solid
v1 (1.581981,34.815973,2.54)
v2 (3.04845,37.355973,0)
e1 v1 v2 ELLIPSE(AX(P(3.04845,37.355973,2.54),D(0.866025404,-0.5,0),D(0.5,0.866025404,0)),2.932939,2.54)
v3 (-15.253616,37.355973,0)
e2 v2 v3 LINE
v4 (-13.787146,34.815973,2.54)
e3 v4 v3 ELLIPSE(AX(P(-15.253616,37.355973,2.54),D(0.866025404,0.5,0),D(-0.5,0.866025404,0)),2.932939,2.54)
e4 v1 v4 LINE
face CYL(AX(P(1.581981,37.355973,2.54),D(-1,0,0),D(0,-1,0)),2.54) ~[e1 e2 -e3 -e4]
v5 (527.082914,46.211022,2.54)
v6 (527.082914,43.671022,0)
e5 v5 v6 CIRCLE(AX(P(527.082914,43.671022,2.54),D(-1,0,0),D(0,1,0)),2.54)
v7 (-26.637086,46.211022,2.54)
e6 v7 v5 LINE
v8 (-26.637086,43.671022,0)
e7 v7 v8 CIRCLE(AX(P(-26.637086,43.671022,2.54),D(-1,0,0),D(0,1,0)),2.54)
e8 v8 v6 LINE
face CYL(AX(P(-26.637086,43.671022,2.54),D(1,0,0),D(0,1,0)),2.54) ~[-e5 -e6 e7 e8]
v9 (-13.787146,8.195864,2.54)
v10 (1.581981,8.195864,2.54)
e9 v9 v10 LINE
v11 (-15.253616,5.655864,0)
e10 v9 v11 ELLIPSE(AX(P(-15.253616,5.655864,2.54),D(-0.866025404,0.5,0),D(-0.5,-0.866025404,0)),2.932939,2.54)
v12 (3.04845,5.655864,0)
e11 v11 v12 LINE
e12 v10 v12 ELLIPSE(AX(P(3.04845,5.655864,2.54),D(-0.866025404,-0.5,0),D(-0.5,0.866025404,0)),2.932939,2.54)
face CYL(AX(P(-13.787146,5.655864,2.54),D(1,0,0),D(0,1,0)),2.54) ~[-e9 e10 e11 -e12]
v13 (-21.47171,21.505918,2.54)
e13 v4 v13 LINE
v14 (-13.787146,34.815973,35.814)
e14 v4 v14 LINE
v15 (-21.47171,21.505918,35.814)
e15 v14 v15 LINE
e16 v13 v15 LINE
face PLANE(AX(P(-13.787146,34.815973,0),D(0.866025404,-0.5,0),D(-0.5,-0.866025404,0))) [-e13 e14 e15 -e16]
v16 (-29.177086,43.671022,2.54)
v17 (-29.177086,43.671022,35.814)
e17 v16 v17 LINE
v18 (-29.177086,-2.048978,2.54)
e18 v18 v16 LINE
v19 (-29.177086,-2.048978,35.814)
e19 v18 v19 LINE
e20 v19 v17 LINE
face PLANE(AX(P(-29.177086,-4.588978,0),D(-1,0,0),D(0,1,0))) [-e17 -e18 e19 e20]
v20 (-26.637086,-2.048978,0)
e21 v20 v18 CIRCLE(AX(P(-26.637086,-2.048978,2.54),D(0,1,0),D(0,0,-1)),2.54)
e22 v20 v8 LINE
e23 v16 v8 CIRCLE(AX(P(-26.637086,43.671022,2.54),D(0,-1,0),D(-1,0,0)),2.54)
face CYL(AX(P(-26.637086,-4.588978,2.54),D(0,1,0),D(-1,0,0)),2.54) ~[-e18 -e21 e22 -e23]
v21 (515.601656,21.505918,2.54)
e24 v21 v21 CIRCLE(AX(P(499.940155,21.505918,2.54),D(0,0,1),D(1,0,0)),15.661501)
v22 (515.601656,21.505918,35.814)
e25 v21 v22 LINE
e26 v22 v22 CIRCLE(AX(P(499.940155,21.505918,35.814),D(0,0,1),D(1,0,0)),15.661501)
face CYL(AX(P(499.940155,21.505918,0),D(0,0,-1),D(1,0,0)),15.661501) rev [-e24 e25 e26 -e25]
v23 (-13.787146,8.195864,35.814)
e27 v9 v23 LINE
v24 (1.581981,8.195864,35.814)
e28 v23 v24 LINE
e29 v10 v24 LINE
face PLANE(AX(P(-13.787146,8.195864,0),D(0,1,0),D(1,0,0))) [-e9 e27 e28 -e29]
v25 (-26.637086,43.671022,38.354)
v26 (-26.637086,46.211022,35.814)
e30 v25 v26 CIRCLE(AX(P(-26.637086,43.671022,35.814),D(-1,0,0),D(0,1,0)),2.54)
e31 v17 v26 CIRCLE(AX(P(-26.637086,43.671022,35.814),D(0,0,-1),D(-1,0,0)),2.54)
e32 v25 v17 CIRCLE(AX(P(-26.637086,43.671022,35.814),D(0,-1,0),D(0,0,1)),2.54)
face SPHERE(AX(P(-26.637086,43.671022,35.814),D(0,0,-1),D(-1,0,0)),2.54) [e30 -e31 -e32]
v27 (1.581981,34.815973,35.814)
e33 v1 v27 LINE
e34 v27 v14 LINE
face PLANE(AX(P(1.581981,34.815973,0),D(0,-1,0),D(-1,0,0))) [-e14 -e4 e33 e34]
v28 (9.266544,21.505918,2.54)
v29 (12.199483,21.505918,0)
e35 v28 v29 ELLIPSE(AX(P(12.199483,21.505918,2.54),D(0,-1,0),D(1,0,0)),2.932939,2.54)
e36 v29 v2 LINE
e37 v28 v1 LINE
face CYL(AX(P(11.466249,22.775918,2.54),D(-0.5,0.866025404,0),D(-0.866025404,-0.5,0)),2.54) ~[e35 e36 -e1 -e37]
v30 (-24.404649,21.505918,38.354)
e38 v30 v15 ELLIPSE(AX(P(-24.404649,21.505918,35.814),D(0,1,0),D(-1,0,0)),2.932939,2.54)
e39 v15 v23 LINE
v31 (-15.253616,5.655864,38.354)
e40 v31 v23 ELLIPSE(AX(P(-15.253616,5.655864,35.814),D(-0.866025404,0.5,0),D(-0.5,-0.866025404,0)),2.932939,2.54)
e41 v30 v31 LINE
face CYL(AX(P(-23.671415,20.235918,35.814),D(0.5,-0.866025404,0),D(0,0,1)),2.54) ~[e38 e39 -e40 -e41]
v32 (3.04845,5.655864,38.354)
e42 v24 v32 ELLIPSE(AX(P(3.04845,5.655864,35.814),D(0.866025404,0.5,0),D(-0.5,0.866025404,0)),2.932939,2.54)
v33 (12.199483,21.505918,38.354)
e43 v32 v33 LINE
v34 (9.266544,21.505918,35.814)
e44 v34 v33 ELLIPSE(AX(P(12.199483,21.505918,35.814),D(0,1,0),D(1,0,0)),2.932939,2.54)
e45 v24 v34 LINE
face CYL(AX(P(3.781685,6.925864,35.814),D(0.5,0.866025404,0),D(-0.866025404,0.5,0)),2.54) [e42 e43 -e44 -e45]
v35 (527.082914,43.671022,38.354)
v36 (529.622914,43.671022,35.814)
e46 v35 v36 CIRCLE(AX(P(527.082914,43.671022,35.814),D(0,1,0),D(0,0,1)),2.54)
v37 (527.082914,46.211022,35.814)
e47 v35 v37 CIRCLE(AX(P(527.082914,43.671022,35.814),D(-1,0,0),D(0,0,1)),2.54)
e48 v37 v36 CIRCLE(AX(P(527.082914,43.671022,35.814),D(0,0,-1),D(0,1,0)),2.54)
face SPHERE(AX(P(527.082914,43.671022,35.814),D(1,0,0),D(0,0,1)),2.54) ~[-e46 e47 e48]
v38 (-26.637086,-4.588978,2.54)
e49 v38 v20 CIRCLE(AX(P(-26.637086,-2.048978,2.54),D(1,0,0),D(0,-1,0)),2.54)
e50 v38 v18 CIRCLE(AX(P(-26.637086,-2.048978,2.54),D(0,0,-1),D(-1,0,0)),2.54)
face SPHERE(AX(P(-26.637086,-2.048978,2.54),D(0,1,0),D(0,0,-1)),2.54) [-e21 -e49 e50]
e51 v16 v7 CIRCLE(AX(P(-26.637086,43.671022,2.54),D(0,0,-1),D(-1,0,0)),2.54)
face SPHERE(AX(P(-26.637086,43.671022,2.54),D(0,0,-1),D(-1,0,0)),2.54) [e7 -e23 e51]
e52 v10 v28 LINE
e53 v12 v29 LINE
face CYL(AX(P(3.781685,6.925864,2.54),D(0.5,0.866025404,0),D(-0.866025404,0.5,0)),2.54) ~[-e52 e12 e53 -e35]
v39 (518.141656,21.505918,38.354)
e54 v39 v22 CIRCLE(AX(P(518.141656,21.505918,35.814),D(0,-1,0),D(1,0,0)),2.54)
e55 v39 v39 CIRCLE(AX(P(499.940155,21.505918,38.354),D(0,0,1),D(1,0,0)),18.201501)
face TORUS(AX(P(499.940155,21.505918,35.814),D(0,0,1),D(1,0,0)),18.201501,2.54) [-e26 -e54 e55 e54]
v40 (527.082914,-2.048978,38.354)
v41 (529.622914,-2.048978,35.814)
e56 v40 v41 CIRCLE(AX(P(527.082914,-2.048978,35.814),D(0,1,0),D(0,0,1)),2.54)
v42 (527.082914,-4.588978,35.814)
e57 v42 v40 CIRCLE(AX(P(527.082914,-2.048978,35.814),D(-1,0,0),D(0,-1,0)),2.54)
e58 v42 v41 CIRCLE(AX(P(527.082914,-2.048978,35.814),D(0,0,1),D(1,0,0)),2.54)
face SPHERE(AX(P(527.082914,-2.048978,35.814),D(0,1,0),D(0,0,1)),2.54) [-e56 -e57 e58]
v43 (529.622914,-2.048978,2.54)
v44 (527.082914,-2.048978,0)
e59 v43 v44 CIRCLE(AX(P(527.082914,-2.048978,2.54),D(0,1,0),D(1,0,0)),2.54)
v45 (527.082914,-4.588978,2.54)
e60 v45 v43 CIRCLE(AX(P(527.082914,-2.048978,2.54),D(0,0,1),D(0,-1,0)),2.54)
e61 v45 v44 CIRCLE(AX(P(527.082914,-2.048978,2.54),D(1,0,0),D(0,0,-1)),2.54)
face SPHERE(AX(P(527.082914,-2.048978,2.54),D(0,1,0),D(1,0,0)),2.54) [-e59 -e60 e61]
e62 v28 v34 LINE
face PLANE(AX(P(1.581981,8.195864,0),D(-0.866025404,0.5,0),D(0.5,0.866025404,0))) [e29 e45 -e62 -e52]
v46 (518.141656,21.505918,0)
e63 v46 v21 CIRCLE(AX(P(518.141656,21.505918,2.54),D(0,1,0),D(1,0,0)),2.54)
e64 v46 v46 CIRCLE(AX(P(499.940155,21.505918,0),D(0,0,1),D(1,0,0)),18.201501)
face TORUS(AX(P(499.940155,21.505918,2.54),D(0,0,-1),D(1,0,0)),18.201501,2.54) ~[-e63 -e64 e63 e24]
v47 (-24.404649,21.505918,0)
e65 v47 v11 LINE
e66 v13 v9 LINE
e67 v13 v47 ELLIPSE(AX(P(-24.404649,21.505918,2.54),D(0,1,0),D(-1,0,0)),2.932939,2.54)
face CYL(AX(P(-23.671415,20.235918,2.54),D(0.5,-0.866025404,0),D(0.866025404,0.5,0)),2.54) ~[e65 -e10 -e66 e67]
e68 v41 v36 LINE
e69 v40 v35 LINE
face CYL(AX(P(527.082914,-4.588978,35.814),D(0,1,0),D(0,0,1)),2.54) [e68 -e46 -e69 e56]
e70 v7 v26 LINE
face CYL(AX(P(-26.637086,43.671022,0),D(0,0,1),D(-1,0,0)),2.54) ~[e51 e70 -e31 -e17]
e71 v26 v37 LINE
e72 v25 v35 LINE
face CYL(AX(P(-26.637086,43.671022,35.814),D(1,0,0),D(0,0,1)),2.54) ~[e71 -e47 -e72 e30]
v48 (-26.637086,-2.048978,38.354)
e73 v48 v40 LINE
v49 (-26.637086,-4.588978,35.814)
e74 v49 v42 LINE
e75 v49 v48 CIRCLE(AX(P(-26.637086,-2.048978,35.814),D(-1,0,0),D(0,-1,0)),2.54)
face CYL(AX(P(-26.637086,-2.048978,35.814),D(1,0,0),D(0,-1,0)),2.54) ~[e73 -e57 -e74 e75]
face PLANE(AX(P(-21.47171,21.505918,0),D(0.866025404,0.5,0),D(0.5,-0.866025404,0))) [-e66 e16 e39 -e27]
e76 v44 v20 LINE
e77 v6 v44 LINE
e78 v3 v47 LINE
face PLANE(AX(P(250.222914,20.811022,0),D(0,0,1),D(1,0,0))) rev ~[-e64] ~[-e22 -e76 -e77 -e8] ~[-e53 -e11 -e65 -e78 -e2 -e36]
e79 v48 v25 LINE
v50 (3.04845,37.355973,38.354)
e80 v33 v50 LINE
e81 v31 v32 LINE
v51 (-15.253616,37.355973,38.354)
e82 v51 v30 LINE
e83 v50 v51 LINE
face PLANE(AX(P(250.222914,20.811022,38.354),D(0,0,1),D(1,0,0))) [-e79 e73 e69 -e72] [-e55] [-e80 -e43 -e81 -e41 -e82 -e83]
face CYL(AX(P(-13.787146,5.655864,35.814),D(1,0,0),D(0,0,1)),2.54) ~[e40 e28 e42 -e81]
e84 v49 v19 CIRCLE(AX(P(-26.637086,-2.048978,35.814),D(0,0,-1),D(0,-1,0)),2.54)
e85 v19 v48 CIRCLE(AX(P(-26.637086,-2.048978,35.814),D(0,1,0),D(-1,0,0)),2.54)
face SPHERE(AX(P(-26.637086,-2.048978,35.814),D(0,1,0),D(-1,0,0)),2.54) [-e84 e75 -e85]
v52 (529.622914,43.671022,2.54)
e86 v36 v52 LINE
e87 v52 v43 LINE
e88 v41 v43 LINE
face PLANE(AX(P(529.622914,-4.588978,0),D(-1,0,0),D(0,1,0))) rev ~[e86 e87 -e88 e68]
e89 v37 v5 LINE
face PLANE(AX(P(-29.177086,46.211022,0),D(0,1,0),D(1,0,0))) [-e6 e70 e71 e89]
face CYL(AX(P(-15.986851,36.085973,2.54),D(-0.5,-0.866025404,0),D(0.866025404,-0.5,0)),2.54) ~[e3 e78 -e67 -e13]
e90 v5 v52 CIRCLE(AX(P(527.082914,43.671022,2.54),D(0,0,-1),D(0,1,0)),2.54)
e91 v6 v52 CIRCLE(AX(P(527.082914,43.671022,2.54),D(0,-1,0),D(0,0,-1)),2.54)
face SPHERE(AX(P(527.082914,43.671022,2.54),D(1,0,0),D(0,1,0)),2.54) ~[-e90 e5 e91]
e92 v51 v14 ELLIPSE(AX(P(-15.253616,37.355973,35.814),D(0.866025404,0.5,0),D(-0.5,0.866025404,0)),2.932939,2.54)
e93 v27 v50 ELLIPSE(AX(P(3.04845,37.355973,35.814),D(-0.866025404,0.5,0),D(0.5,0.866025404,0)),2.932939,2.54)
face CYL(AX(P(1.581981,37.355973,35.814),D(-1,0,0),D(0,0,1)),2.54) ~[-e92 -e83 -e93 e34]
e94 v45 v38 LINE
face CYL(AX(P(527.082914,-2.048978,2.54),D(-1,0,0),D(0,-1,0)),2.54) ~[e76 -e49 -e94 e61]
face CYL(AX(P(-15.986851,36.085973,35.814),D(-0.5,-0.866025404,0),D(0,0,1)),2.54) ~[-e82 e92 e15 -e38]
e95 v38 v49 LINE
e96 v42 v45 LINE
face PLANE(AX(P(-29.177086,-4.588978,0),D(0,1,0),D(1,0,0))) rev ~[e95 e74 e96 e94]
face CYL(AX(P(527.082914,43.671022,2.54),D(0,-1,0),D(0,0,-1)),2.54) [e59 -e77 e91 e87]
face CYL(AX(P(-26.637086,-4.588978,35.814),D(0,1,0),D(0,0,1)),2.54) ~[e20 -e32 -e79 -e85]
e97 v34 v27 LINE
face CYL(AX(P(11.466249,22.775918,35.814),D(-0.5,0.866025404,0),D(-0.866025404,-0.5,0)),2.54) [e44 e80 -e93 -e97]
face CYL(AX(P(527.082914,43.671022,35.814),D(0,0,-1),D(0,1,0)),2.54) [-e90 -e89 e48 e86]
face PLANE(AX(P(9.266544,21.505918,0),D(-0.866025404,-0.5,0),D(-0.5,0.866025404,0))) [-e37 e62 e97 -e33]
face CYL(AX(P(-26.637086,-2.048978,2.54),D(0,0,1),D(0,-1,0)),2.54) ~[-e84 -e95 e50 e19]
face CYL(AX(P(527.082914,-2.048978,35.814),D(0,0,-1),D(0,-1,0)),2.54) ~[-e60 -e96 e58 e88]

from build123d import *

# Parameters (mm, degrees)
SKETCH1_W           = 558.8
SKETCH1_H           = 50.8
SKETCH1_R           = 15.661500759
BOSS_EXTRUDE1_DEPTH = 38.354
FILLET2_R           = 2.54
FILLET3_R           = 2.54
FILLET4_R           = 2.54
FILLET5_R           = 2.54
FILLET6_R           = 2.54
FILLET7_R           = 2.54
FILLET8_R           = 2.54
FILLET9_R           = 2.54


with BuildPart() as part:
    # Sketch1 → Boss-Extrude1 (new body)
    with BuildSketch(Plane.XY):
        with Locations((250.222913627, 20.811022444)):
            Rectangle(SKETCH1_W, SKETCH1_H)
        with Locations((499.940155303, 21.505918387)):
            Circle(SKETCH1_R, mode=Mode.SUBTRACT)
        Polygon((9.266544067, 21.505918387), (1.58198055, 34.815972833), (-13.787146484, 34.815972833), (-21.471710001, 21.505918387), (-13.787146484, 8.195863942), (1.58198055, 8.195863942), align=None, mode=Mode.SUBTRACT)
    extrude(amount=BOSS_EXTRUDE1_DEPTH)

    # Fillet2
    fillet2_edges = [part.edges().sort_by_distance(p)[0] for p in [
        (-29.177086373, 46.211022444, 19.177),
    ]]
    fillet(fillet2_edges, radius=FILLET2_R)

    # Fillet3
    fillet3_edges = [part.edges().sort_by_distance(p)[0] for p in [
        (251.492913627, 46.211022444, 38.354),
        (-29.177086373, 19.541022444, 38.354),
        (-28.433137597, 45.467073669, 38.354),
    ]]
    fillet(fillet3_edges, radius=FILLET3_R)

    # Fillet4
    fillet4_edges = [part.edges().sort_by_distance(p)[0] for p in [
        (-29.177086373, 19.541022444, 0),
        (-28.433137597, 45.467073669, 0),
        (251.492913627, 46.211022444, 0),
    ]]
    fillet(fillet4_edges, radius=FILLET4_R)

    # Fillet5
    fillet5_edges = [part.edges().sort_by_distance(p)[0] for p in [
        (529.622913627, 19.541022444, 38.354),
        (529.622913627, 46.211022444, 19.177),
        (529.622913627, 45.467073669, 37.610051224),
        (529.622913627, 19.541022444, 0),
        (529.622913627, 45.467073669, 0.743948776),
    ]]
    fillet(fillet5_edges, radius=FILLET5_R)

    # Fillet6
    fillet6_edges = [part.edges().sort_by_distance(p)[0] for p in [
        (250.222913627, -4.588977556, 38.354),
        (-29.177086373, -4.588977556, 19.177),
        (-28.433137597, -4.588977556, 37.610051224),
        (250.222913627, -4.588977556, 0),
        (-28.433137597, -4.588977556, 0.743948776),
        (529.622913627, -4.588977556, 19.177),
        (528.878964852, -4.588977556, 37.610051224),
        (528.878964852, -4.588977556, 0.743948776),
    ]]
    fillet(fillet6_edges, radius=FILLET6_R)

    # Fillet7
    fillet7_edges = [part.edges().sort_by_distance(p)[0] for p in [
        (484.278654543, 21.505918387, 0),
        (484.278654543, 21.505918387, 38.354),
    ]]
    fillet(fillet7_edges, radius=FILLET7_R)

    # Fillet8
    fillet8_edges = [part.edges().sort_by_distance(p)[0] for p in [
        (5.424262309, 14.850891165, 0),
        (5.424262309, 28.16094561, 0),
        (-6.102582967, 34.815972833, 0),
        (-17.629428242, 28.16094561, 0),
        (-17.629428242, 14.850891165, 0),
        (-6.102582967, 8.195863942, 0),
    ]]
    fillet(fillet8_edges, radius=FILLET8_R)

    # Fillet9
    fillet9_edges = [part.edges().sort_by_distance(p)[0] for p in [
        (5.424262309, 14.850891165, 38.354),
        (5.424262309, 28.16094561, 38.354),
        (-6.102582967, 34.815972833, 38.354),
        (-17.629428242, 28.16094561, 38.354),
        (-17.629428242, 14.850891165, 38.354),
        (-6.102582967, 8.195863942, 38.354),
    ]]
    fillet(fillet9_edges, radius=FILLET9_R)


solid = part.part
